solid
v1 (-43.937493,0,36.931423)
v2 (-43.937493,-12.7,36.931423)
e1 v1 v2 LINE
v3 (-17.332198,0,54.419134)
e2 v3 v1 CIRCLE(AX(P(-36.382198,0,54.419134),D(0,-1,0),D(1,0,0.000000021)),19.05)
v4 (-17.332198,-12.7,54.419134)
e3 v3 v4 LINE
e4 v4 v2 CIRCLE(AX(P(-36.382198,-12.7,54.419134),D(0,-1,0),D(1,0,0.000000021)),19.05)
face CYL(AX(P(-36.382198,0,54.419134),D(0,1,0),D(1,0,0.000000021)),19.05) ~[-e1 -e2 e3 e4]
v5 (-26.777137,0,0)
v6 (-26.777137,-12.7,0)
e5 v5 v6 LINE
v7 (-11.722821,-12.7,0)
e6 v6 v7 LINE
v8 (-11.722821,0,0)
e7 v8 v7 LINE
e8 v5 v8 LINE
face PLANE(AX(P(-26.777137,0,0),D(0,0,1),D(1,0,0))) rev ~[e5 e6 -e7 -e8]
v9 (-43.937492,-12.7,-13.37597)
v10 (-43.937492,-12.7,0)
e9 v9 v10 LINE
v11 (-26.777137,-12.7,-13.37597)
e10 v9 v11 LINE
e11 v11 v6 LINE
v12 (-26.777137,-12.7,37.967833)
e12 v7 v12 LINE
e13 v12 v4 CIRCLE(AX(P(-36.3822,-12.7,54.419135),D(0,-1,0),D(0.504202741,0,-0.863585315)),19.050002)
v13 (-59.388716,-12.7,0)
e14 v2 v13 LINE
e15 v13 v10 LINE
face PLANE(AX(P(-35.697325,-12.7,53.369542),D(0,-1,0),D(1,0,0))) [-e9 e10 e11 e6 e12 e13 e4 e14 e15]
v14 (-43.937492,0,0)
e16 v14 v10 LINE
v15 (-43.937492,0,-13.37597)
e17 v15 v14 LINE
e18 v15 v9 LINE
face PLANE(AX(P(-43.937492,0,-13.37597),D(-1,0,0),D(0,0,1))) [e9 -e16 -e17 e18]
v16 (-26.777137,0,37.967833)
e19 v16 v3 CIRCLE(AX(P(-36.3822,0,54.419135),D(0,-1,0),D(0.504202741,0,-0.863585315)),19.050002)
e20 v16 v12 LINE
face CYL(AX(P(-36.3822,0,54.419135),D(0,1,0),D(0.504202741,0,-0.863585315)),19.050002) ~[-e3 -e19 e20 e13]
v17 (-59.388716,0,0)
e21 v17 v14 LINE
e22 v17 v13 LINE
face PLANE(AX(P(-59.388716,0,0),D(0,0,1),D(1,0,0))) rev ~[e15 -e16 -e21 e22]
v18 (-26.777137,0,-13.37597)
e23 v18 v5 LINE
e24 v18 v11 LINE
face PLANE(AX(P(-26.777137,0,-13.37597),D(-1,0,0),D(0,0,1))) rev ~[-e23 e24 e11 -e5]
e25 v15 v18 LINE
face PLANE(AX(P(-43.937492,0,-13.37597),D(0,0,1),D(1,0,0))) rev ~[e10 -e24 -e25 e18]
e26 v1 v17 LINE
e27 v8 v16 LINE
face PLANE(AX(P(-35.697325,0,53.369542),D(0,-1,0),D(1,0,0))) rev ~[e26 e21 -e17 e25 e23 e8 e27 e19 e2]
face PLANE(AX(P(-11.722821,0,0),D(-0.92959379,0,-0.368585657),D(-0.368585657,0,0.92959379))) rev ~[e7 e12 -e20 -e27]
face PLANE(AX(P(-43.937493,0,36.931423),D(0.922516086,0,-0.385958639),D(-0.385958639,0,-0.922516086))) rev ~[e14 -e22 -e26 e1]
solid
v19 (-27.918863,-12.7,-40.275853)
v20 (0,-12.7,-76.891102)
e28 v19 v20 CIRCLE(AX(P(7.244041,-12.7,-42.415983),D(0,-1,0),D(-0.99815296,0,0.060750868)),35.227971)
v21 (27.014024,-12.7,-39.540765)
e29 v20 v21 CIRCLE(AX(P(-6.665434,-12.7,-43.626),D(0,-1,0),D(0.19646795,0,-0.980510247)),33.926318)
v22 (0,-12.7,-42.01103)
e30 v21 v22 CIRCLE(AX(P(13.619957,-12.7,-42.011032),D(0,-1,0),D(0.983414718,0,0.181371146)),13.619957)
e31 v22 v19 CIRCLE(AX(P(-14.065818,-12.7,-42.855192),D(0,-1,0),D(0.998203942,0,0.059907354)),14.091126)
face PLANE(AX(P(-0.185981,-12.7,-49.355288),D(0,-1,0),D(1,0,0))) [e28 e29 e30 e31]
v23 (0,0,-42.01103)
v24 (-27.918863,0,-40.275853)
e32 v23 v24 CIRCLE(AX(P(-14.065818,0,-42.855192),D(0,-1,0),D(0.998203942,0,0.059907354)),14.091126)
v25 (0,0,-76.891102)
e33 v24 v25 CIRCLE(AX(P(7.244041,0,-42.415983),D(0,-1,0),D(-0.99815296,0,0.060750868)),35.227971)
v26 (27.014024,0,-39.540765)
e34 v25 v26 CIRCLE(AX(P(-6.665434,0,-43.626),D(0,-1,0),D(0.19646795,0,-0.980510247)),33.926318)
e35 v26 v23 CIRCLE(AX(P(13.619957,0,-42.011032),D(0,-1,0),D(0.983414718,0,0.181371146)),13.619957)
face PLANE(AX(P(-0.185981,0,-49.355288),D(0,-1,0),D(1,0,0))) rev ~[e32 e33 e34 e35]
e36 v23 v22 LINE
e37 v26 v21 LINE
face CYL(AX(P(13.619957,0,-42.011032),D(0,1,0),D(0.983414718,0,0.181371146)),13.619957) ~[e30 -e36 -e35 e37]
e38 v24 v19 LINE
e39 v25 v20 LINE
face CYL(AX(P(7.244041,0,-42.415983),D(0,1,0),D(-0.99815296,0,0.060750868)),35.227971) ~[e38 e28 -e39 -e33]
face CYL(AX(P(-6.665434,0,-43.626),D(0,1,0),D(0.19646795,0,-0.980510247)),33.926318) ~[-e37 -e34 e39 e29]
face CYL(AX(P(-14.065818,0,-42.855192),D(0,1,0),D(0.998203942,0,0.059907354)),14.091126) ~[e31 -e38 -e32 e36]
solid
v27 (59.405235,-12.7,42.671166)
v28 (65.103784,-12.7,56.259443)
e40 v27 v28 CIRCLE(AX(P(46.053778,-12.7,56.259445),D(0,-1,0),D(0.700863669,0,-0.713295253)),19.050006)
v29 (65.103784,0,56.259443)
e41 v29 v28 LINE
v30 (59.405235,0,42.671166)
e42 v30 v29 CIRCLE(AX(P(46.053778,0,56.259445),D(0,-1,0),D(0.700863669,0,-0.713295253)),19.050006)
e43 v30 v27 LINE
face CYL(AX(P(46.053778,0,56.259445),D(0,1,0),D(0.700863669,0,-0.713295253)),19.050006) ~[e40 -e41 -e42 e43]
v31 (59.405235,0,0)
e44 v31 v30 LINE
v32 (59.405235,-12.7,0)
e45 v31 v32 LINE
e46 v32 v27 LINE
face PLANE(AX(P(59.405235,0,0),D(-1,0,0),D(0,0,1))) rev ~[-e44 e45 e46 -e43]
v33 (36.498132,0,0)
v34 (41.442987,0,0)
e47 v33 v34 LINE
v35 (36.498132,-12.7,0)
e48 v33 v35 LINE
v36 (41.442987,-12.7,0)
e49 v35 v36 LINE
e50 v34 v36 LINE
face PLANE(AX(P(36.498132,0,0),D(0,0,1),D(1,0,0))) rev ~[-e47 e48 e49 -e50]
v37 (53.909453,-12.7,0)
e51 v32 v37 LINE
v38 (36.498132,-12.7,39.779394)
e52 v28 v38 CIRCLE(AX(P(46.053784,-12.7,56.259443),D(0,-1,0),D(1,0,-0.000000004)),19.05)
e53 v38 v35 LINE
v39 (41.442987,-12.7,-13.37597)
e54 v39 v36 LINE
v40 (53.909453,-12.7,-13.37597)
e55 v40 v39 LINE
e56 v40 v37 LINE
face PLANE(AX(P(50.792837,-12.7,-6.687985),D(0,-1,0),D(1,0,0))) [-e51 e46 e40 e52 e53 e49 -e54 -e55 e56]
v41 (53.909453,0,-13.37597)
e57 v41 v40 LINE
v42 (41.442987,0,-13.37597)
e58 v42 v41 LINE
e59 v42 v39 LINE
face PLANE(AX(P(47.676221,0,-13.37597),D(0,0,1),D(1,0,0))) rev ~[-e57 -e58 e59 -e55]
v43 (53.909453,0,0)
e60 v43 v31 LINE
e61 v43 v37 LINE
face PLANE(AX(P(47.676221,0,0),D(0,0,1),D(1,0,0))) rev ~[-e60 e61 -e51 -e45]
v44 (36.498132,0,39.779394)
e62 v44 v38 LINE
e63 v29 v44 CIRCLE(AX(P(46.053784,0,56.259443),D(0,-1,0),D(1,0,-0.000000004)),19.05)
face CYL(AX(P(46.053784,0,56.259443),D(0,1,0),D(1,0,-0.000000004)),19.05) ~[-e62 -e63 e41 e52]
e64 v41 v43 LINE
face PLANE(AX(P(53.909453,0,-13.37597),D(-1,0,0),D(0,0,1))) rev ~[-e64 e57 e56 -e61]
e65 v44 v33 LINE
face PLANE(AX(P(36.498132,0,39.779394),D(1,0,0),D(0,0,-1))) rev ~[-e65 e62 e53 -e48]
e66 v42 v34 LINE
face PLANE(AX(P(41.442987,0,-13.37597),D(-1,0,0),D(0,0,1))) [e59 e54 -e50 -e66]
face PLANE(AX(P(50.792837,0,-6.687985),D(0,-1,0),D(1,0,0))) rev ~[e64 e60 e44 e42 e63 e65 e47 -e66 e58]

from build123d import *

# Parameters (mm, degrees)
F0_W     = 7.555295
F0_H     = 13.37597
F0_W_2   = 9.605061
F0_W_3   = 6.233234
F0_W_4   = 6.233233
F1_DEPTH = 12.7


with BuildPart() as f1:
    # F0 (on Front) → F1 (new body)
    with BuildSketch(Plane.XZ):
        with BuildLine():
            ThreePointArc((-26.777137, 37.967833), (-19.861319, 44.934249), (-17.332198, 54.419134))
            ThreePointArc((-17.332198, 54.419134), (-46.845805, 70.338161), (-43.937493, 36.931423))
            ThreePointArc((-43.937493, 36.931423), (-35.233755, 35.403783), (-26.777137, 37.967833))
        make_face()
        with BuildLine():
            ThreePointArc((-26.777137, 37.967833), (-35.233755, 35.403783), (-43.937493, 36.931423))
            Line((-43.937493, 36.931423), (-59.388716, 0))
            Line((-59.388716, 0), (-43.937493, 0))
            Line((-43.937493, 0), (-36.382198, 0))
            Line((-36.382198, 0), (-26.777137, 0))
            Line((-26.777137, 0), (-11.722821, 0))
            Line((-11.722821, 0), (-26.777137, 37.967833))
        make_face()
        with Locations((-40.159845, -6.687985)):
            Rectangle(F0_W, F0_H)
        with Locations((-31.579667, -6.687985)):
            Rectangle(F0_W_2, F0_H)
        with BuildLine():
            ThreePointArc((27.014024, -39.540765), (12.379672, -28.447665), (0, -42.01103))
            ThreePointArc((0, -42.01103), (-13.191731, -28.791202), (-27.918863, -40.275853))
            ThreePointArc((-27.918863, -40.275853), (-20.769462, -63.776077), (0, -76.891102))
            ThreePointArc((0, -76.891102), (20.824373, -63.508292), (27.014024, -39.540765))
        make_face()
        with BuildLine():
            ThreePointArc((59.405235, 42.671166), (63.621476, 48.892036), (65.103784, 56.259443))
            ThreePointArc((65.103784, 56.259443), (36.544122, 72.766073), (36.498132, 39.779394))
            ThreePointArc((36.498132, 39.779394), (48.439703, 37.359446), (59.405235, 42.671166))
        make_face()
        with BuildLine():
            ThreePointArc((59.405235, 42.671166), (48.439703, 37.359446), (36.498132, 39.779394))
            Line((36.498132, 39.779394), (36.498132, 0))
            Line((36.498132, 0), (41.442987, 0))
            Line((41.442987, 0), (47.676221, 0))
            Line((47.676221, 0), (53.909454, 0))
            Line((53.909454, 0), (59.405235, 0))
            Line((59.405235, 0), (59.405235, 42.671166))
        make_face()
        with Locations((44.559604, -6.687985)):
            Rectangle(F0_W_3, F0_H)
        with Locations((50.792837, -6.687985)):
            Rectangle(F0_W_4, F0_H)
    extrude(amount=F1_DEPTH)


solid = f1.part
